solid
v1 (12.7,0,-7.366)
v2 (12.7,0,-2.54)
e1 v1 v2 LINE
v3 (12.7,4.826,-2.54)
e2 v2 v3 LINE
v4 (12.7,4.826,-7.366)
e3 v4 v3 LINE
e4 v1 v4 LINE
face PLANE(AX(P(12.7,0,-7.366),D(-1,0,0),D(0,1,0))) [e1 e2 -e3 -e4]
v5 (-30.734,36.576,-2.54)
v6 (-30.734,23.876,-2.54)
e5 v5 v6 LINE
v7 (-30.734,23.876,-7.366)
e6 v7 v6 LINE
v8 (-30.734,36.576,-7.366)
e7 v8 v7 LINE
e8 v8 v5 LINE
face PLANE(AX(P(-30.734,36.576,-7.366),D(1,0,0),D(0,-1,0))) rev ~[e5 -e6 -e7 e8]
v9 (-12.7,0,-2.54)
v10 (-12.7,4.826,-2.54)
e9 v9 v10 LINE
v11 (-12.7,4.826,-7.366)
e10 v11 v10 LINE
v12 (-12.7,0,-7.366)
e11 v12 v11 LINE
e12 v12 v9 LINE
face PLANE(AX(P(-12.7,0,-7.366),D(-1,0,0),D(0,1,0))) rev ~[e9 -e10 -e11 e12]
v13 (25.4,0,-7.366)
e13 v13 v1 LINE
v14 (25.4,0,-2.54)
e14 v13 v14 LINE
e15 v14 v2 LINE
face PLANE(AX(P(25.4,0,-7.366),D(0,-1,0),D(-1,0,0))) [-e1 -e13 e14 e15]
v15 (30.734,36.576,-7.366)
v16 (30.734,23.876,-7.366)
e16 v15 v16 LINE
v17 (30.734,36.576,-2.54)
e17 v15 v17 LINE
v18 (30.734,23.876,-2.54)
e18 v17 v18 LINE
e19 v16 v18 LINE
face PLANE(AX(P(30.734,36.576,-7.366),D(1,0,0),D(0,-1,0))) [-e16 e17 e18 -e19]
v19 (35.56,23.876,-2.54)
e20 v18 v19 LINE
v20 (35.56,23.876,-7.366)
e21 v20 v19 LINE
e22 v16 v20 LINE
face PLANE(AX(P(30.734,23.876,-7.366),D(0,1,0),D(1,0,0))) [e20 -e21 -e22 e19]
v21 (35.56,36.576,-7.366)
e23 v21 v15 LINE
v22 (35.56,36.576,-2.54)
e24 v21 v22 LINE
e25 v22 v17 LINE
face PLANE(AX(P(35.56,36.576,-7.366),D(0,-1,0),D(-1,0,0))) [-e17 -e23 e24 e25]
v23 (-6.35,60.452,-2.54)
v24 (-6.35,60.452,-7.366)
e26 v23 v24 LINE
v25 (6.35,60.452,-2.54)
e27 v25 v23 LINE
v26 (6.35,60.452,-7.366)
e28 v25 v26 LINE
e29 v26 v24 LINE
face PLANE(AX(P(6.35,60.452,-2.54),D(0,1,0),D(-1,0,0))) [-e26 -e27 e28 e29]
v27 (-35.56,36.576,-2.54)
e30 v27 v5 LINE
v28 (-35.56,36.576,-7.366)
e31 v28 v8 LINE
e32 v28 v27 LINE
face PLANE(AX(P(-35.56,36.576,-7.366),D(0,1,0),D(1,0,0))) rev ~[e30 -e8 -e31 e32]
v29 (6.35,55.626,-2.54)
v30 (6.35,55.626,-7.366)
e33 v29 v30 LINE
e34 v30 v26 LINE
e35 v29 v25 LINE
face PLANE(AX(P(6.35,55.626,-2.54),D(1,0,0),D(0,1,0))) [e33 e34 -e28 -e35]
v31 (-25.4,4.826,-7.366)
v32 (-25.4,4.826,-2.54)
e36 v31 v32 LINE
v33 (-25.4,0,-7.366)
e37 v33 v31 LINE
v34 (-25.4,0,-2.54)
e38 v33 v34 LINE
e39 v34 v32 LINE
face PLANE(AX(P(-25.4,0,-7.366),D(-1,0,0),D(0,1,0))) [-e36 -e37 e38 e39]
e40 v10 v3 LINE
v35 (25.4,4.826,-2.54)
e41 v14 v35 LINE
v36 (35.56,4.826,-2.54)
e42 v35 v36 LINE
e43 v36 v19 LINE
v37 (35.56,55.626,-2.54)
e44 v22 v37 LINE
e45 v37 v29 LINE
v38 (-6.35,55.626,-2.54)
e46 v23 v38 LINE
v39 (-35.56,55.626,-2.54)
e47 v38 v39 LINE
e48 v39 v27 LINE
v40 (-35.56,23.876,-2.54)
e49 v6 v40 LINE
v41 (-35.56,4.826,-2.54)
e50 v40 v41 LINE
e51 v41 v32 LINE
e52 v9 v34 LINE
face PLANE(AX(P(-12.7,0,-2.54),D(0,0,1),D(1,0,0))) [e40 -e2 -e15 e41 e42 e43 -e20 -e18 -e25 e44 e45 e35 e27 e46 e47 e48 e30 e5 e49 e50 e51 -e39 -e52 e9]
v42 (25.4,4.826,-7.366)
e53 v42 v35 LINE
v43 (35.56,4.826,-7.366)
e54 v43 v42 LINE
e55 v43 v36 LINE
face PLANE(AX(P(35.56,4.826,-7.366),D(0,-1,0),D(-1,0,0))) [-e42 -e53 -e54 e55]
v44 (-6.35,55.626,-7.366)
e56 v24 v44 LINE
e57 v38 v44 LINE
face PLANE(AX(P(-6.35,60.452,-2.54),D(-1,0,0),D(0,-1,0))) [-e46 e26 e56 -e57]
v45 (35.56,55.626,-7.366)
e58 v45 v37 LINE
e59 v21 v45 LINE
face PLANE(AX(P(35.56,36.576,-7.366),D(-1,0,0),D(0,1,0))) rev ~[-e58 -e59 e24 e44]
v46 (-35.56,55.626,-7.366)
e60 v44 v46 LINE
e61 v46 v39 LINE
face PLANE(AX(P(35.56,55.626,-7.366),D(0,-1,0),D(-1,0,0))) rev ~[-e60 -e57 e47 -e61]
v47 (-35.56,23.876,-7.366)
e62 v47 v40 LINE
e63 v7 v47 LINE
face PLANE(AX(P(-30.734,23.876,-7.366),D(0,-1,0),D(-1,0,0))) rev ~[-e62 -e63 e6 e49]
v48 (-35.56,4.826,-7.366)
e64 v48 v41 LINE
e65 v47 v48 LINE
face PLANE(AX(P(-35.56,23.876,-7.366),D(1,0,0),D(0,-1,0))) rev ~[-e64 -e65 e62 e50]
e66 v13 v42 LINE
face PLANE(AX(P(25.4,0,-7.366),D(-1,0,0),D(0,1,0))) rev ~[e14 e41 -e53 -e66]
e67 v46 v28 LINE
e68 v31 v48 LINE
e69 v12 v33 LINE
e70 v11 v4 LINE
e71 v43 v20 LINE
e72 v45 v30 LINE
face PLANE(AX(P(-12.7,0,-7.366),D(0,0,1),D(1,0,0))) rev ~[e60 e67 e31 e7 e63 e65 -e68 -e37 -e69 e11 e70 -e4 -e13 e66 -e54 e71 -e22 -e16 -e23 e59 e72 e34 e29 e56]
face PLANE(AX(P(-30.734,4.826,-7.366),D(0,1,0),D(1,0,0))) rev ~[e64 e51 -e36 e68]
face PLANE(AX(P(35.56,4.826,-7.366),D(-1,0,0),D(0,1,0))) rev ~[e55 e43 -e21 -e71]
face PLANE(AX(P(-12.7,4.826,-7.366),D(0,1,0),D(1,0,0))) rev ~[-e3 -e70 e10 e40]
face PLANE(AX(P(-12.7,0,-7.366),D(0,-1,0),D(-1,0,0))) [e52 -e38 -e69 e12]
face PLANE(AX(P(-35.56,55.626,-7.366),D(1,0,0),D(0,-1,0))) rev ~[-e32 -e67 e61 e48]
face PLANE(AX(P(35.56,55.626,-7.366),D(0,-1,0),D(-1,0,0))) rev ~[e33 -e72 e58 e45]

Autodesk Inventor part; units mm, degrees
ref_plane "YZ Plane" through (0, 0, 0) normal (1, 0, 0) x (0, 1, 0)
ref_plane "XZ Plane" through (0, 0, 0) normal (0, 1, 0) x (-1, 0, 0)
ref_plane "XY Plane" through (0, 0, 0) normal (0, 0, 1) x (1, 0, 0)
sketch "Sketch1" plane through (0, 0, 0) normal (0, 0, 1) x (1, 0, 0)
  line L0 (-34.925, 0) -> (34.925, 0) projected
  line L1 (-34.925, 4.826) -> (34.925, 4.826) projected
  line L2 (-25.4, 0) -> (-12.7, 0) projected
  line L3 (-25.4, 0) -> (-25.4, 4.826) projected
  line L4 (-12.7, 4.826) -> (-25.4, 4.826) projected
  line L5 (-12.7, 0) -> (-12.7, 4.826) projected
  line L6 (12.7, 0) -> (25.4, 0) projected
  line L7 (12.7, 0) -> (12.7, 4.826) projected
  line L8 (25.4, 4.826) -> (12.7, 4.826) projected
  line L9 (25.4, 0) -> (25.4, 4.826) projected
  line L10 (-34.925, 0) -> (-34.925, 4.826) projected
  line L11 (34.925, 4.826) -> (34.925, 0) projected
  point P0 (0, 0)
ref_plane "Work Plane1" through (-12.7, 0, -7.366) normal (0, 0, 1) x (1, 0, 0)
sketch "Sketch2" plane through (-12.7, 0, -7.366) normal (0, 0, 1) x (1, 0, 0)
  line L0 (0, 0) -> (-12.7, 0) projected
  line L1 (0, 0) -> (0, 4.826) projected
  line L2 (-12.7, 4.826) -> (0, 4.826) projected
  line L3 (-12.7, 0) -> (-12.7, 4.826) projected
  line L4 (-12.7, 0) -> (0, 0)
  line L5 (0, 0) -> (0, 4.826)
  line L6 (-12.7, 4.826) -> (-12.7, 0)
  line L7 (38.1, 0) -> (25.4, 0) projected
  line L8 (38.1, 0) -> (38.1, 4.826) projected
  line L9 (25.4, 4.826) -> (38.1, 4.826) projected
  line L10 (25.4, 0) -> (25.4, 4.826) projected
  line L11 (25.4, 0) -> (38.1, 0)
  line L12 (38.1, 0) -> (38.1, 4.826)
  line L13 (25.4, 4.826) -> (25.4, 0)
  line L14 (-18.034, 0) -> (-22.86, 0) projected
  line L15 (-18.034, 0) -> (-18.034, 4.826) projected
  line L16 (-22.86, 4.826) -> (-18.034, 4.826) projected
  line L17 (-22.86, 0) -> (-22.86, 4.826) projected
  line L18 (43.434, 0) -> (48.26, 0) projected
  line L19 (43.434, 0) -> (43.434, 4.826) projected
  line L20 (48.26, 4.826) -> (43.434, 4.826) projected
  line L21 (48.26, 0) -> (48.26, 4.826) projected
  line L22 (48.26, 55.626) -> (-22.86, 55.626)
  line L23 (-22.86, 36.576) -> (-18.034, 36.576)
  line L24 (-18.034, 36.576) -> (-18.034, 23.876)
  line L25 (-18.034, 23.876) -> (-22.86, 23.876)
  line L26 (48.26, 36.576) -> (43.434, 36.576)
  line L27 (43.434, 36.576) -> (43.434, 23.876)
  line L28 (43.434, 23.876) -> (48.26, 23.876)
  line L29 (-22.86, 55.626) -> (-22.86, 36.576)
  line L30 (-22.86, 23.876) -> (-22.86, 4.826)
  line L31 (48.26, 4.826) -> (48.26, 23.876)
  line L32 (48.26, 36.576) -> (48.26, 55.626)
  line L33 (-22.86, 4.826) -> (-12.7, 4.826)
  line L34 (0, 4.826) -> (25.4, 4.826)
  line L35 (38.1, 4.826) -> (48.26, 4.826)
  point P0 (12.7, 0)
  dimension "d0" = 50.8
  dimension "d2" = 12.7
  dimension "d5" = 4.826
  dimension "d13" = 19.05
  dimension "d14" = 19.05
  dimension "d15" = 12.7
extrude "Extrusion1" add sketch "Sketch2" along normal blind 4.826 contours L0 L3 L2 L1 | L2 L33 L16 L30 L25 L24 L23 L29 L22 L32 L26 L27 L28 L31 L20 L35 L9 L34 | L9 L8 L7 L10
sketch "Sketch3" plane through (-12.7, 0, -2.54) normal (0, 0, 1) x (1, 0, 0)
  line L0 (48.26, 55.626) -> (-22.86, 55.626) projected
  line L1 (-22.86, 55.626) -> (-22.86, 36.576) projected
  line L2 (48.26, 55.626) -> (-22.86, 55.626) projected
  line L3 (6.35, 55.626) -> (19.05, 55.626)
  line L4 (19.05, 55.626) -> (19.05, 60.452)
  line L5 (19.05, 60.452) -> (6.35, 60.452)
  line L6 (6.35, 60.452) -> (6.35, 55.626)
  point P0 (12.7, 0)
  dimension "d8" = 12.7
  dimension "d9" = 4.826
  dimension "d10" = 29.21
extrude "Extrusion2" add sketch "Sketch3" against normal blind 4.826
properties part number "sideL"
